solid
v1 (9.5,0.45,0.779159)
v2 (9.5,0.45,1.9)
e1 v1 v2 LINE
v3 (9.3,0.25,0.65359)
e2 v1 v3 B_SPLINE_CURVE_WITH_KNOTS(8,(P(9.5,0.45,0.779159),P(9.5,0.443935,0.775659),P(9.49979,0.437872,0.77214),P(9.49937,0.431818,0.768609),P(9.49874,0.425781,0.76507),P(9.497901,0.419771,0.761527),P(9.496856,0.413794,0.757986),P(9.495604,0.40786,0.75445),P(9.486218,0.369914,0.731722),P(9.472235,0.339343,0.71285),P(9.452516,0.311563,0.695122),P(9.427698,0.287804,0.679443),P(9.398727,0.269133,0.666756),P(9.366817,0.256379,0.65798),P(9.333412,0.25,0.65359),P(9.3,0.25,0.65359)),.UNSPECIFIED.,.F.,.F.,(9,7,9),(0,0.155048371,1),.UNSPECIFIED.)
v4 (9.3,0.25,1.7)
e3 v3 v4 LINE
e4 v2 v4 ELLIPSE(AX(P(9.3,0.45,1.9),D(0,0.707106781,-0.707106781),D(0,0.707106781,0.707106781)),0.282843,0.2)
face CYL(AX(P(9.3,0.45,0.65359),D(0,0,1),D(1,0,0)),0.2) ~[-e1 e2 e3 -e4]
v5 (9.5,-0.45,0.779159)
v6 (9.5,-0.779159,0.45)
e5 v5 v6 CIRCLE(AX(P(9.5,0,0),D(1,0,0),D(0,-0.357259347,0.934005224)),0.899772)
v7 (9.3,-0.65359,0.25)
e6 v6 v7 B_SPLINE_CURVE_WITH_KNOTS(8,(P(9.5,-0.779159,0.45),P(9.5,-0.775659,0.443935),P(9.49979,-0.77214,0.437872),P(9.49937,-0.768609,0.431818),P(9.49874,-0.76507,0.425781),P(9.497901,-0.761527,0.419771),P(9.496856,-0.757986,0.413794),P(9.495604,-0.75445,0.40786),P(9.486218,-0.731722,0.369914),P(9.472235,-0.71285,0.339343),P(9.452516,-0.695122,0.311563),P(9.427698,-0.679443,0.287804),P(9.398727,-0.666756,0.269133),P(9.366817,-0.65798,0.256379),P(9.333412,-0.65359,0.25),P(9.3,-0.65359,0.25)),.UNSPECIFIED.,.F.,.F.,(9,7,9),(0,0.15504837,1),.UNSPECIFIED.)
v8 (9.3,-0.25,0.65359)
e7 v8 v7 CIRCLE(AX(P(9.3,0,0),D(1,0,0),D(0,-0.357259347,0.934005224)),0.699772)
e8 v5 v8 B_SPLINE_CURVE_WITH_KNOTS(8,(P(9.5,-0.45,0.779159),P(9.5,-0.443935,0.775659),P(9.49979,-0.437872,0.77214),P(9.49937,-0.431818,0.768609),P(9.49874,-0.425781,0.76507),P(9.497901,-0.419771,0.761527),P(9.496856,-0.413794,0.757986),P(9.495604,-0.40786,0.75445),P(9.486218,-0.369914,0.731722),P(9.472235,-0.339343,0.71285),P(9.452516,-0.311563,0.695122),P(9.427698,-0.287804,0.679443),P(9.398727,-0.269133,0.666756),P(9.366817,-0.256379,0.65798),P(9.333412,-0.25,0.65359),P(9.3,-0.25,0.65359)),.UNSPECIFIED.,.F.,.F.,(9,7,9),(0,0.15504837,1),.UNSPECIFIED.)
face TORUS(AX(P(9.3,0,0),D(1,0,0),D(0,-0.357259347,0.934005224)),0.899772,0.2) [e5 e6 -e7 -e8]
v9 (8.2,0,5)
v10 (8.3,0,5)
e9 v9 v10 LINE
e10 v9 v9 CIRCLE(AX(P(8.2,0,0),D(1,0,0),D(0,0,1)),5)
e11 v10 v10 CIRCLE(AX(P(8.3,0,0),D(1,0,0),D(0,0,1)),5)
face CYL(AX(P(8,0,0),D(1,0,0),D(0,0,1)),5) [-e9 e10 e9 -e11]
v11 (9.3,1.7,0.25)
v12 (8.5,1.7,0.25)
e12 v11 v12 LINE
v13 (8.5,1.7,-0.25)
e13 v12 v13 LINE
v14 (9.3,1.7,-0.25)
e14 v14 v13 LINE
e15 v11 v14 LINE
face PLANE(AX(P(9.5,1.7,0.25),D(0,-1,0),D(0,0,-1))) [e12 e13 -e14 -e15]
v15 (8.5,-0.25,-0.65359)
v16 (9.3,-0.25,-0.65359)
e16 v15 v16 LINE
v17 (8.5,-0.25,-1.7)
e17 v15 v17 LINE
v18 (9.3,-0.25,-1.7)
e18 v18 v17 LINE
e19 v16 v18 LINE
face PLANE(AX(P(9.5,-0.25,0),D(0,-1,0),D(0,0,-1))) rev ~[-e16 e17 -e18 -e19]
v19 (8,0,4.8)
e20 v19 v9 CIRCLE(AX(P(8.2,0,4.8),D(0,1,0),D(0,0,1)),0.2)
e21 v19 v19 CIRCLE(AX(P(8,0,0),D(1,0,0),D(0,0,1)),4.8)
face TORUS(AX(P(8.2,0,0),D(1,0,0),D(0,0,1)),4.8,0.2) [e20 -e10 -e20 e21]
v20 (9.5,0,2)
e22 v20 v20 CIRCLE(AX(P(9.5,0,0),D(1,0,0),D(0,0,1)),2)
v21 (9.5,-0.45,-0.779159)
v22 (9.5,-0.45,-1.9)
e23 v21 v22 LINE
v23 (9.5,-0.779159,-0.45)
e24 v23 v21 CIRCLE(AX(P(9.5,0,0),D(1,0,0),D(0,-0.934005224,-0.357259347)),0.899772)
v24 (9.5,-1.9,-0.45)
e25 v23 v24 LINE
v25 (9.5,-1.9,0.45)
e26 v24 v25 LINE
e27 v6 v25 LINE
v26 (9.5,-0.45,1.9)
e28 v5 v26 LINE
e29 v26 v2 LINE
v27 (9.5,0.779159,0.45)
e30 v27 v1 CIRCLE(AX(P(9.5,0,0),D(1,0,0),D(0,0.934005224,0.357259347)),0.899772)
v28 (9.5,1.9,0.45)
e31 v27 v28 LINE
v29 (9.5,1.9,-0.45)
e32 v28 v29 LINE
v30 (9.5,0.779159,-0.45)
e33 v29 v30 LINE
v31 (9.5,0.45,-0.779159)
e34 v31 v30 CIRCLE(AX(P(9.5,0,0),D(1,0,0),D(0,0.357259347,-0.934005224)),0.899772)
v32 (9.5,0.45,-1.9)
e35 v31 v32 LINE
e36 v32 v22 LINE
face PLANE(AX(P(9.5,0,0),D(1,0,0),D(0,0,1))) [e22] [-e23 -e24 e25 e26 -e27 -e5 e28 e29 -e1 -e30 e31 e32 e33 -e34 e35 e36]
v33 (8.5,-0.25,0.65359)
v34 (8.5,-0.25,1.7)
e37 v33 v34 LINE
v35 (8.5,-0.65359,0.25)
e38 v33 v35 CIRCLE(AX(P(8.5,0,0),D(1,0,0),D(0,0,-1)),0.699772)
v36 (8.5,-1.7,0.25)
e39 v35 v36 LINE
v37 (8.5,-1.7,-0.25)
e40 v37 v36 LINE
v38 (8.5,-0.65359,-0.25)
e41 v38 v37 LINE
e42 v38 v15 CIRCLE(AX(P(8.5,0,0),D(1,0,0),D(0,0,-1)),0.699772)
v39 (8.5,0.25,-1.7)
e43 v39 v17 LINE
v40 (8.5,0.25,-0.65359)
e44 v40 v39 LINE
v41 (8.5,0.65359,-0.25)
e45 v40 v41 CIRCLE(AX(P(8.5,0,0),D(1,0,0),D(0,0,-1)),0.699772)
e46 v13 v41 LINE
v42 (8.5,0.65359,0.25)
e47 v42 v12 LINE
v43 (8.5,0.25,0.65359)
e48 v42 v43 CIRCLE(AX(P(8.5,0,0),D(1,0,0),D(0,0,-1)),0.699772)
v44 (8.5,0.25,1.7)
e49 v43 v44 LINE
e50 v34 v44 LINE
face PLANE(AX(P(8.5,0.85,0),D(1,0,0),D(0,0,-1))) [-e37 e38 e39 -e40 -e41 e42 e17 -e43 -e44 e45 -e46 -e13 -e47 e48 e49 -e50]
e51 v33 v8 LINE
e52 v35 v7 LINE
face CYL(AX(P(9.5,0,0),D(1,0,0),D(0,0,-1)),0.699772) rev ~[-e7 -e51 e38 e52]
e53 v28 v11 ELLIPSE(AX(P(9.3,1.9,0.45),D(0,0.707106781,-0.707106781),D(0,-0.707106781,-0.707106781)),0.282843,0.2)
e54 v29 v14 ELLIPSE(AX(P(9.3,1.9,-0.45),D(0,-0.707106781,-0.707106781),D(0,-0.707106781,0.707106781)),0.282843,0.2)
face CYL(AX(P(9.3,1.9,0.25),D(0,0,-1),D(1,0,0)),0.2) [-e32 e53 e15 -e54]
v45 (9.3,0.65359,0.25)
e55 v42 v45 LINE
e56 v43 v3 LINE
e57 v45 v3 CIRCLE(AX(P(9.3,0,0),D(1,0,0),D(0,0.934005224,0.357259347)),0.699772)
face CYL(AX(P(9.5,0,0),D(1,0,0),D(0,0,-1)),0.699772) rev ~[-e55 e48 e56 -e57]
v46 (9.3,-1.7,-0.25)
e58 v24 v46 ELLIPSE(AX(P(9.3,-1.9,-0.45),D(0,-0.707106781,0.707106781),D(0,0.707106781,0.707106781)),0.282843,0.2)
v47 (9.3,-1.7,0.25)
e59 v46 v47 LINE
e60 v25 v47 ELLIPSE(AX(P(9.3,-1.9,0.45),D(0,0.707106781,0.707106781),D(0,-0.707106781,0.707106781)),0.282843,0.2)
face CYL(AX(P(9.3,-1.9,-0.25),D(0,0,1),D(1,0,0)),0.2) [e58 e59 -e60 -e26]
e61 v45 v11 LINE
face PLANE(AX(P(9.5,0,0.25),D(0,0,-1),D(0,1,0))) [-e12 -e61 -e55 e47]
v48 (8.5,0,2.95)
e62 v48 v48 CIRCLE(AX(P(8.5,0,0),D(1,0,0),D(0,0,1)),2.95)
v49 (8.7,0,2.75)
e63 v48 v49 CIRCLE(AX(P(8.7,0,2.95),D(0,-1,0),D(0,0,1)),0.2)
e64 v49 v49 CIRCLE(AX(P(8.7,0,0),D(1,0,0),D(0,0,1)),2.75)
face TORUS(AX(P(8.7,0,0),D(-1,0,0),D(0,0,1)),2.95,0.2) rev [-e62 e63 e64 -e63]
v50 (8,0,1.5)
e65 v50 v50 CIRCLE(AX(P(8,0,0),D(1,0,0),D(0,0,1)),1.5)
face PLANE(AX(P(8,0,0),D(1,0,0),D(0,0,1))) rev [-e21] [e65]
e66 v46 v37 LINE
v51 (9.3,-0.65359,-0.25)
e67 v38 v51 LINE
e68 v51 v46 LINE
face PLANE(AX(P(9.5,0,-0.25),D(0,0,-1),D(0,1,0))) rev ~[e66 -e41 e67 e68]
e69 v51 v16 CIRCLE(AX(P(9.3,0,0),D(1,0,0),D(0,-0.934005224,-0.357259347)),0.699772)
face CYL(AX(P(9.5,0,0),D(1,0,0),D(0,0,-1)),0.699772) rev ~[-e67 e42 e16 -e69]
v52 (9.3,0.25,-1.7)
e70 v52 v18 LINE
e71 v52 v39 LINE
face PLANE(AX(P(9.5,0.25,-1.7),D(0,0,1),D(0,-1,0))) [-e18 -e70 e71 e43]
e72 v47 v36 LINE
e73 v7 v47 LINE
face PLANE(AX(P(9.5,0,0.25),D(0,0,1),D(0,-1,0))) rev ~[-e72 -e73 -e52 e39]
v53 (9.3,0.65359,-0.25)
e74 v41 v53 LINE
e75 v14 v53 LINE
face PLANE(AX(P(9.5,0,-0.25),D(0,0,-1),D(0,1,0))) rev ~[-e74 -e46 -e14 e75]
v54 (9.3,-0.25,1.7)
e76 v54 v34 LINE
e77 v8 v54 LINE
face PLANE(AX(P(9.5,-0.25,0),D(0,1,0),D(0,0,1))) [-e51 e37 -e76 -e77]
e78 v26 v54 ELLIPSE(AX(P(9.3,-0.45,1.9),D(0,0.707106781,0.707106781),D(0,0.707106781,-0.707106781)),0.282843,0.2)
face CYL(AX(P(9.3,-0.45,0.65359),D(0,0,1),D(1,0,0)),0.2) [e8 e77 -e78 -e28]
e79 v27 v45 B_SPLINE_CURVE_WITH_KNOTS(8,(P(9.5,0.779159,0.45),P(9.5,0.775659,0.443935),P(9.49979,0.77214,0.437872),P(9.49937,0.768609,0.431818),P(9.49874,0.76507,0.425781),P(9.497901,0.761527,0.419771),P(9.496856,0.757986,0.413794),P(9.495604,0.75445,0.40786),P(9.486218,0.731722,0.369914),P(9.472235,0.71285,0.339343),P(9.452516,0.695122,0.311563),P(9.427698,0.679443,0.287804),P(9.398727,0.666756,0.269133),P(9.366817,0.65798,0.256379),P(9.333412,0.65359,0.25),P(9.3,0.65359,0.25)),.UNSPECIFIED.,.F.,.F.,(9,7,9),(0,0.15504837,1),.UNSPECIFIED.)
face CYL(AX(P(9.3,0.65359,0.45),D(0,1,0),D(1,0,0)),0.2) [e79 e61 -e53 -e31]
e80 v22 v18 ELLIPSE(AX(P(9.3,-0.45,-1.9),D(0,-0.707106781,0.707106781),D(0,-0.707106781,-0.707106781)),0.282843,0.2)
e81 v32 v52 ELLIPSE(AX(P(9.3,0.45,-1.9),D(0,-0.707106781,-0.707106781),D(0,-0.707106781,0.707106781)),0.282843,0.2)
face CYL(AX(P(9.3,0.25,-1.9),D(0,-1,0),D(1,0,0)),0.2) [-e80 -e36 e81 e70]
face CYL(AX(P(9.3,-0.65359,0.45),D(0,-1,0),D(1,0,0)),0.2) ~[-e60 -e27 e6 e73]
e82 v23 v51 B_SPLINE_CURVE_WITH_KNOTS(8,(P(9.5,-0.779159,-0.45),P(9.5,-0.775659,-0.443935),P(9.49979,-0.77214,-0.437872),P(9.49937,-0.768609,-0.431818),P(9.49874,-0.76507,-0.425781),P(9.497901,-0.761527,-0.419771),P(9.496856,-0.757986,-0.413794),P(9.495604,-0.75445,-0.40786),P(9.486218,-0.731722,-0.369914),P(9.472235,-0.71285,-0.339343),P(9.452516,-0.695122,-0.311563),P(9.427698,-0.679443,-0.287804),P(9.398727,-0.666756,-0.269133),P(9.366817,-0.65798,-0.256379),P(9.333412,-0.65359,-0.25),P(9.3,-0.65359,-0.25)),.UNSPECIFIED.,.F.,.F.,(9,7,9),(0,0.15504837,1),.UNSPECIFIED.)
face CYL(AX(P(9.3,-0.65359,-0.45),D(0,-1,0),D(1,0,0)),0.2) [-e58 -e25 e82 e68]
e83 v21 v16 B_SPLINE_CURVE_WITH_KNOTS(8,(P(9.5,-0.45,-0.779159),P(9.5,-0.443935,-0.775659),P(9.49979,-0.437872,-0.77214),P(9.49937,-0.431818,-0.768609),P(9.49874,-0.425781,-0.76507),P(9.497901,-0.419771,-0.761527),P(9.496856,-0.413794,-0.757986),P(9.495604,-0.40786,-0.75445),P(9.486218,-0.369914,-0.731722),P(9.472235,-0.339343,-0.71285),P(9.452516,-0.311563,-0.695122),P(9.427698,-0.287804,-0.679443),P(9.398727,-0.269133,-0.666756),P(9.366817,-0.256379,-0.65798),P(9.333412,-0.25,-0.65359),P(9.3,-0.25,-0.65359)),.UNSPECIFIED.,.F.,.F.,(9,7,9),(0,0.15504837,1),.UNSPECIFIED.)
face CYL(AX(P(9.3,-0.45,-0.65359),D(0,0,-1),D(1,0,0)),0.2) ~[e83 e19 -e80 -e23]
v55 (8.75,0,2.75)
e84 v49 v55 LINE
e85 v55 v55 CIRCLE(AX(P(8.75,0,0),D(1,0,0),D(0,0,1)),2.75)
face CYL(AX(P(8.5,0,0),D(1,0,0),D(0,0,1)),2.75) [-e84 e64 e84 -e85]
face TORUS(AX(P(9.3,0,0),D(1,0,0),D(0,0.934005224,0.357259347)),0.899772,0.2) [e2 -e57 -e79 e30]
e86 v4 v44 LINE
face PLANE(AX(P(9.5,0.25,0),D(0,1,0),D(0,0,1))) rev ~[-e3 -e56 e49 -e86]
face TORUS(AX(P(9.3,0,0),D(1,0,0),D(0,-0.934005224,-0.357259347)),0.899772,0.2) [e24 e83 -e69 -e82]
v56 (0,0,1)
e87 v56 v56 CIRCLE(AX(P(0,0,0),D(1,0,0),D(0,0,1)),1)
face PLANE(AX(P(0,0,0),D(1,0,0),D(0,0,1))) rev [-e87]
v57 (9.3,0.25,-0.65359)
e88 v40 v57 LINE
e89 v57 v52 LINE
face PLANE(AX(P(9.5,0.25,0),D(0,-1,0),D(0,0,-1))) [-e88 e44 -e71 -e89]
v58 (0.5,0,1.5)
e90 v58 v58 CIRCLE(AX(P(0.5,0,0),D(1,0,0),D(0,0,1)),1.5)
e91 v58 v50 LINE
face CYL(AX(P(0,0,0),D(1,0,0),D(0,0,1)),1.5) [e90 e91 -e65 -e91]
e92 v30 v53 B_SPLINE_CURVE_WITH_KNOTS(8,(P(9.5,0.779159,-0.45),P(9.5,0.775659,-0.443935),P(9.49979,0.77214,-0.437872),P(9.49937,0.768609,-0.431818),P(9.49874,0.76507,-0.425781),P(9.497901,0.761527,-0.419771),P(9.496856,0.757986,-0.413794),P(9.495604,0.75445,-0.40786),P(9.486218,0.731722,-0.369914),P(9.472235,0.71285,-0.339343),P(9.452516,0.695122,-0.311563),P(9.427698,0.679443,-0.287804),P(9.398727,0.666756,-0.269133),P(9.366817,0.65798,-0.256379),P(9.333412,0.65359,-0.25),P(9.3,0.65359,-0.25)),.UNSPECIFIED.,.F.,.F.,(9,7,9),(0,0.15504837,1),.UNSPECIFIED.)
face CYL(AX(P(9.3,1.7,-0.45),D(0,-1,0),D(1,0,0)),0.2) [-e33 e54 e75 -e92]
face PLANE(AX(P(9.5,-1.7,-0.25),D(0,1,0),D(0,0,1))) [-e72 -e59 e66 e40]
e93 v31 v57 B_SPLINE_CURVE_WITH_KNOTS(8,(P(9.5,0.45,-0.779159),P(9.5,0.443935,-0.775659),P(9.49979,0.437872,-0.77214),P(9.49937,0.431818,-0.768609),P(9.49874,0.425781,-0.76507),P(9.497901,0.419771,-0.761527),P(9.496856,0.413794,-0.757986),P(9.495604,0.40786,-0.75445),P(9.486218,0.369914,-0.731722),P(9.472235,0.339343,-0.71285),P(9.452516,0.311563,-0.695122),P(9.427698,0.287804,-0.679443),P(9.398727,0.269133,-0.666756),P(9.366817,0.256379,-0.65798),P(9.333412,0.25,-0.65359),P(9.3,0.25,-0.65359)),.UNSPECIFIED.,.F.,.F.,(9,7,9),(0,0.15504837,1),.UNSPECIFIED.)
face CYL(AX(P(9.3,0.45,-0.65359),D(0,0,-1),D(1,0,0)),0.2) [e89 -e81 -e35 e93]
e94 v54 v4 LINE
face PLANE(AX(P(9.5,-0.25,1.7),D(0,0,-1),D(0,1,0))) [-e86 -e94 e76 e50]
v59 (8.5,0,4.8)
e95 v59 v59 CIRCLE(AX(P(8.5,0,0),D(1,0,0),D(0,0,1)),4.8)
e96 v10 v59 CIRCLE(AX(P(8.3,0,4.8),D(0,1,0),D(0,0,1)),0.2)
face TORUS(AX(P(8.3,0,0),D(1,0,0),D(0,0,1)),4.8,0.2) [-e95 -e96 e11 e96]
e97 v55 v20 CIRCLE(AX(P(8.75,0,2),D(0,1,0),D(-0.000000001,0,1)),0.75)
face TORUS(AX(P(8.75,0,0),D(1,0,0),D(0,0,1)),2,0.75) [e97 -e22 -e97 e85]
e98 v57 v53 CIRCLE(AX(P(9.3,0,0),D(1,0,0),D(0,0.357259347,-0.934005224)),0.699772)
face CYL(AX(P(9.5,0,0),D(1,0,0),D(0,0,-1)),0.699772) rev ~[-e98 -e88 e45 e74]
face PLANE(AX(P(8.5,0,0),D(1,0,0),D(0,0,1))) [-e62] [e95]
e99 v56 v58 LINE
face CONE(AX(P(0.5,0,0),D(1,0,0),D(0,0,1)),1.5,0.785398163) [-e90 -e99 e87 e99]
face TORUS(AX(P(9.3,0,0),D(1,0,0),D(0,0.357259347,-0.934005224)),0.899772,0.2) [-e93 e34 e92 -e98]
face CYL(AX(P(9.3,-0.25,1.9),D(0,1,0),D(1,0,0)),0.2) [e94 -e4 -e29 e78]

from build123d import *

# Parameters (mm, degrees)
ESQUISSE2_W                  = 0.5
ESQUISSE2_H                  = 1.7
ENL_V_MAT_EXTRU_1_DEPTH      = 1
R_P_TITION_CIRCULAIRE1_COUNT = 4
ESQUISSE3_R                  = 0.699771755
ENL_V_MAT_EXTRU_2_DEPTH      = 1
CHANFREIN1_SIZE              = 0.5
CONG_1_R                     = 0.2


with BuildPart() as part:
    # Esquisse1 → Révolution1 (revolve)
    with BuildSketch(Plane.XY, mode=Mode.PRIVATE) as r_volution1_sk:
        with BuildLine():
            Line((0, 0), (0, 1.5))
            Line((0, 1.5), (8, 1.5))
            Line((8, 1.5), (8, 5))
            Line((8, 5), (8.5, 5))
            Line((8.5, 5), (8.5, 2.75))
            Line((8.5, 2.75), (8.75, 2.75))
            ThreePointArc((8.75, 2.75), (9.280330086, 2.530330086), (9.5, 2))
            Line((9.5, 2), (9.5, 0))
            Line((9.5, 0), (0, 0))
        make_face()
    revolve(r_volution1_sk.sketch.rotate(Axis((0, 0, 0), (1, 0, 0)), 90), axis=Axis((0, 0, 0), (1, 0, 0)))

    # Esquisse2 → Enlèv. mat.-Extru.1 (cut)
    with BuildSketch(Plane(origin=(9.5, 0, 0), x_dir=(0, 0, -1), z_dir=(1, 0, 0))):
        with Locations((0, 0.85)):
            Rectangle(ESQUISSE2_W, ESQUISSE2_H)
    enl_v_mat_extru_1 = extrude(amount=-ENL_V_MAT_EXTRU_1_DEPTH, mode=Mode.SUBTRACT)

    # Répétition circulaire1: Enlèv. mat.-Extru.1 ×4 about axis
    r_p_tition_circulaire1_axis = Axis((0, 0, 0), (1, 0, 0))
    for i in range(1, R_P_TITION_CIRCULAIRE1_COUNT):
        add(enl_v_mat_extru_1.rotate(r_p_tition_circulaire1_axis, i * 360 / R_P_TITION_CIRCULAIRE1_COUNT), mode=Mode.SUBTRACT)

    # Esquisse3 → Enlèv. mat.-Extru.2 (cut)
    with BuildSketch(Plane(origin=(9.5, 0, 0), x_dir=(0, 0, -1), z_dir=(1, 0, 0))):
        Circle(ESQUISSE3_R)
    extrude(amount=-ENL_V_MAT_EXTRU_2_DEPTH, mode=Mode.SUBTRACT)

    # Chanfrein1
    chanfrein1_edges = [part.edges().sort_by_distance(p)[0] for p in [
        (0, 0, -1.5),
    ]]
    chamfer(chanfrein1_edges, length=CHANFREIN1_SIZE)

    # Congé1
    cong_1_edges = [part.edges().sort_by_distance(p)[0] for p in [
        (8, 0, -5),
        (8.5, 0, -5),
        (8.5, 0, -2.75),
        (9.5, 0, 1.7),
        (9.5, -0.25, 1.176795238),
        (9.5, -0.494813353, 0.494813353),
        (9.5, -1.176795238, 0.25),
        (9.5, -1.7, 0),
        (9.5, -1.176795238, -0.25),
        (9.5, -0.494813353, -0.494813353),
        (9.5, -0.25, -1.176795238),
        (9.5, 0, -1.7),
        (9.5, 0.25, -1.176795238),
        (9.5, 0.494813353, -0.494813353),
        (9.5, 1.176795238, -0.25),
        (9.5, 1.7, 0),
        (9.5, 1.176795238, 0.25),
        (9.5, 0.494813353, 0.494813353),
        (9.5, 0.25, 1.176795238),
    ]]
    fillet(cong_1_edges, radius=CONG_1_R)


solid = part.part
